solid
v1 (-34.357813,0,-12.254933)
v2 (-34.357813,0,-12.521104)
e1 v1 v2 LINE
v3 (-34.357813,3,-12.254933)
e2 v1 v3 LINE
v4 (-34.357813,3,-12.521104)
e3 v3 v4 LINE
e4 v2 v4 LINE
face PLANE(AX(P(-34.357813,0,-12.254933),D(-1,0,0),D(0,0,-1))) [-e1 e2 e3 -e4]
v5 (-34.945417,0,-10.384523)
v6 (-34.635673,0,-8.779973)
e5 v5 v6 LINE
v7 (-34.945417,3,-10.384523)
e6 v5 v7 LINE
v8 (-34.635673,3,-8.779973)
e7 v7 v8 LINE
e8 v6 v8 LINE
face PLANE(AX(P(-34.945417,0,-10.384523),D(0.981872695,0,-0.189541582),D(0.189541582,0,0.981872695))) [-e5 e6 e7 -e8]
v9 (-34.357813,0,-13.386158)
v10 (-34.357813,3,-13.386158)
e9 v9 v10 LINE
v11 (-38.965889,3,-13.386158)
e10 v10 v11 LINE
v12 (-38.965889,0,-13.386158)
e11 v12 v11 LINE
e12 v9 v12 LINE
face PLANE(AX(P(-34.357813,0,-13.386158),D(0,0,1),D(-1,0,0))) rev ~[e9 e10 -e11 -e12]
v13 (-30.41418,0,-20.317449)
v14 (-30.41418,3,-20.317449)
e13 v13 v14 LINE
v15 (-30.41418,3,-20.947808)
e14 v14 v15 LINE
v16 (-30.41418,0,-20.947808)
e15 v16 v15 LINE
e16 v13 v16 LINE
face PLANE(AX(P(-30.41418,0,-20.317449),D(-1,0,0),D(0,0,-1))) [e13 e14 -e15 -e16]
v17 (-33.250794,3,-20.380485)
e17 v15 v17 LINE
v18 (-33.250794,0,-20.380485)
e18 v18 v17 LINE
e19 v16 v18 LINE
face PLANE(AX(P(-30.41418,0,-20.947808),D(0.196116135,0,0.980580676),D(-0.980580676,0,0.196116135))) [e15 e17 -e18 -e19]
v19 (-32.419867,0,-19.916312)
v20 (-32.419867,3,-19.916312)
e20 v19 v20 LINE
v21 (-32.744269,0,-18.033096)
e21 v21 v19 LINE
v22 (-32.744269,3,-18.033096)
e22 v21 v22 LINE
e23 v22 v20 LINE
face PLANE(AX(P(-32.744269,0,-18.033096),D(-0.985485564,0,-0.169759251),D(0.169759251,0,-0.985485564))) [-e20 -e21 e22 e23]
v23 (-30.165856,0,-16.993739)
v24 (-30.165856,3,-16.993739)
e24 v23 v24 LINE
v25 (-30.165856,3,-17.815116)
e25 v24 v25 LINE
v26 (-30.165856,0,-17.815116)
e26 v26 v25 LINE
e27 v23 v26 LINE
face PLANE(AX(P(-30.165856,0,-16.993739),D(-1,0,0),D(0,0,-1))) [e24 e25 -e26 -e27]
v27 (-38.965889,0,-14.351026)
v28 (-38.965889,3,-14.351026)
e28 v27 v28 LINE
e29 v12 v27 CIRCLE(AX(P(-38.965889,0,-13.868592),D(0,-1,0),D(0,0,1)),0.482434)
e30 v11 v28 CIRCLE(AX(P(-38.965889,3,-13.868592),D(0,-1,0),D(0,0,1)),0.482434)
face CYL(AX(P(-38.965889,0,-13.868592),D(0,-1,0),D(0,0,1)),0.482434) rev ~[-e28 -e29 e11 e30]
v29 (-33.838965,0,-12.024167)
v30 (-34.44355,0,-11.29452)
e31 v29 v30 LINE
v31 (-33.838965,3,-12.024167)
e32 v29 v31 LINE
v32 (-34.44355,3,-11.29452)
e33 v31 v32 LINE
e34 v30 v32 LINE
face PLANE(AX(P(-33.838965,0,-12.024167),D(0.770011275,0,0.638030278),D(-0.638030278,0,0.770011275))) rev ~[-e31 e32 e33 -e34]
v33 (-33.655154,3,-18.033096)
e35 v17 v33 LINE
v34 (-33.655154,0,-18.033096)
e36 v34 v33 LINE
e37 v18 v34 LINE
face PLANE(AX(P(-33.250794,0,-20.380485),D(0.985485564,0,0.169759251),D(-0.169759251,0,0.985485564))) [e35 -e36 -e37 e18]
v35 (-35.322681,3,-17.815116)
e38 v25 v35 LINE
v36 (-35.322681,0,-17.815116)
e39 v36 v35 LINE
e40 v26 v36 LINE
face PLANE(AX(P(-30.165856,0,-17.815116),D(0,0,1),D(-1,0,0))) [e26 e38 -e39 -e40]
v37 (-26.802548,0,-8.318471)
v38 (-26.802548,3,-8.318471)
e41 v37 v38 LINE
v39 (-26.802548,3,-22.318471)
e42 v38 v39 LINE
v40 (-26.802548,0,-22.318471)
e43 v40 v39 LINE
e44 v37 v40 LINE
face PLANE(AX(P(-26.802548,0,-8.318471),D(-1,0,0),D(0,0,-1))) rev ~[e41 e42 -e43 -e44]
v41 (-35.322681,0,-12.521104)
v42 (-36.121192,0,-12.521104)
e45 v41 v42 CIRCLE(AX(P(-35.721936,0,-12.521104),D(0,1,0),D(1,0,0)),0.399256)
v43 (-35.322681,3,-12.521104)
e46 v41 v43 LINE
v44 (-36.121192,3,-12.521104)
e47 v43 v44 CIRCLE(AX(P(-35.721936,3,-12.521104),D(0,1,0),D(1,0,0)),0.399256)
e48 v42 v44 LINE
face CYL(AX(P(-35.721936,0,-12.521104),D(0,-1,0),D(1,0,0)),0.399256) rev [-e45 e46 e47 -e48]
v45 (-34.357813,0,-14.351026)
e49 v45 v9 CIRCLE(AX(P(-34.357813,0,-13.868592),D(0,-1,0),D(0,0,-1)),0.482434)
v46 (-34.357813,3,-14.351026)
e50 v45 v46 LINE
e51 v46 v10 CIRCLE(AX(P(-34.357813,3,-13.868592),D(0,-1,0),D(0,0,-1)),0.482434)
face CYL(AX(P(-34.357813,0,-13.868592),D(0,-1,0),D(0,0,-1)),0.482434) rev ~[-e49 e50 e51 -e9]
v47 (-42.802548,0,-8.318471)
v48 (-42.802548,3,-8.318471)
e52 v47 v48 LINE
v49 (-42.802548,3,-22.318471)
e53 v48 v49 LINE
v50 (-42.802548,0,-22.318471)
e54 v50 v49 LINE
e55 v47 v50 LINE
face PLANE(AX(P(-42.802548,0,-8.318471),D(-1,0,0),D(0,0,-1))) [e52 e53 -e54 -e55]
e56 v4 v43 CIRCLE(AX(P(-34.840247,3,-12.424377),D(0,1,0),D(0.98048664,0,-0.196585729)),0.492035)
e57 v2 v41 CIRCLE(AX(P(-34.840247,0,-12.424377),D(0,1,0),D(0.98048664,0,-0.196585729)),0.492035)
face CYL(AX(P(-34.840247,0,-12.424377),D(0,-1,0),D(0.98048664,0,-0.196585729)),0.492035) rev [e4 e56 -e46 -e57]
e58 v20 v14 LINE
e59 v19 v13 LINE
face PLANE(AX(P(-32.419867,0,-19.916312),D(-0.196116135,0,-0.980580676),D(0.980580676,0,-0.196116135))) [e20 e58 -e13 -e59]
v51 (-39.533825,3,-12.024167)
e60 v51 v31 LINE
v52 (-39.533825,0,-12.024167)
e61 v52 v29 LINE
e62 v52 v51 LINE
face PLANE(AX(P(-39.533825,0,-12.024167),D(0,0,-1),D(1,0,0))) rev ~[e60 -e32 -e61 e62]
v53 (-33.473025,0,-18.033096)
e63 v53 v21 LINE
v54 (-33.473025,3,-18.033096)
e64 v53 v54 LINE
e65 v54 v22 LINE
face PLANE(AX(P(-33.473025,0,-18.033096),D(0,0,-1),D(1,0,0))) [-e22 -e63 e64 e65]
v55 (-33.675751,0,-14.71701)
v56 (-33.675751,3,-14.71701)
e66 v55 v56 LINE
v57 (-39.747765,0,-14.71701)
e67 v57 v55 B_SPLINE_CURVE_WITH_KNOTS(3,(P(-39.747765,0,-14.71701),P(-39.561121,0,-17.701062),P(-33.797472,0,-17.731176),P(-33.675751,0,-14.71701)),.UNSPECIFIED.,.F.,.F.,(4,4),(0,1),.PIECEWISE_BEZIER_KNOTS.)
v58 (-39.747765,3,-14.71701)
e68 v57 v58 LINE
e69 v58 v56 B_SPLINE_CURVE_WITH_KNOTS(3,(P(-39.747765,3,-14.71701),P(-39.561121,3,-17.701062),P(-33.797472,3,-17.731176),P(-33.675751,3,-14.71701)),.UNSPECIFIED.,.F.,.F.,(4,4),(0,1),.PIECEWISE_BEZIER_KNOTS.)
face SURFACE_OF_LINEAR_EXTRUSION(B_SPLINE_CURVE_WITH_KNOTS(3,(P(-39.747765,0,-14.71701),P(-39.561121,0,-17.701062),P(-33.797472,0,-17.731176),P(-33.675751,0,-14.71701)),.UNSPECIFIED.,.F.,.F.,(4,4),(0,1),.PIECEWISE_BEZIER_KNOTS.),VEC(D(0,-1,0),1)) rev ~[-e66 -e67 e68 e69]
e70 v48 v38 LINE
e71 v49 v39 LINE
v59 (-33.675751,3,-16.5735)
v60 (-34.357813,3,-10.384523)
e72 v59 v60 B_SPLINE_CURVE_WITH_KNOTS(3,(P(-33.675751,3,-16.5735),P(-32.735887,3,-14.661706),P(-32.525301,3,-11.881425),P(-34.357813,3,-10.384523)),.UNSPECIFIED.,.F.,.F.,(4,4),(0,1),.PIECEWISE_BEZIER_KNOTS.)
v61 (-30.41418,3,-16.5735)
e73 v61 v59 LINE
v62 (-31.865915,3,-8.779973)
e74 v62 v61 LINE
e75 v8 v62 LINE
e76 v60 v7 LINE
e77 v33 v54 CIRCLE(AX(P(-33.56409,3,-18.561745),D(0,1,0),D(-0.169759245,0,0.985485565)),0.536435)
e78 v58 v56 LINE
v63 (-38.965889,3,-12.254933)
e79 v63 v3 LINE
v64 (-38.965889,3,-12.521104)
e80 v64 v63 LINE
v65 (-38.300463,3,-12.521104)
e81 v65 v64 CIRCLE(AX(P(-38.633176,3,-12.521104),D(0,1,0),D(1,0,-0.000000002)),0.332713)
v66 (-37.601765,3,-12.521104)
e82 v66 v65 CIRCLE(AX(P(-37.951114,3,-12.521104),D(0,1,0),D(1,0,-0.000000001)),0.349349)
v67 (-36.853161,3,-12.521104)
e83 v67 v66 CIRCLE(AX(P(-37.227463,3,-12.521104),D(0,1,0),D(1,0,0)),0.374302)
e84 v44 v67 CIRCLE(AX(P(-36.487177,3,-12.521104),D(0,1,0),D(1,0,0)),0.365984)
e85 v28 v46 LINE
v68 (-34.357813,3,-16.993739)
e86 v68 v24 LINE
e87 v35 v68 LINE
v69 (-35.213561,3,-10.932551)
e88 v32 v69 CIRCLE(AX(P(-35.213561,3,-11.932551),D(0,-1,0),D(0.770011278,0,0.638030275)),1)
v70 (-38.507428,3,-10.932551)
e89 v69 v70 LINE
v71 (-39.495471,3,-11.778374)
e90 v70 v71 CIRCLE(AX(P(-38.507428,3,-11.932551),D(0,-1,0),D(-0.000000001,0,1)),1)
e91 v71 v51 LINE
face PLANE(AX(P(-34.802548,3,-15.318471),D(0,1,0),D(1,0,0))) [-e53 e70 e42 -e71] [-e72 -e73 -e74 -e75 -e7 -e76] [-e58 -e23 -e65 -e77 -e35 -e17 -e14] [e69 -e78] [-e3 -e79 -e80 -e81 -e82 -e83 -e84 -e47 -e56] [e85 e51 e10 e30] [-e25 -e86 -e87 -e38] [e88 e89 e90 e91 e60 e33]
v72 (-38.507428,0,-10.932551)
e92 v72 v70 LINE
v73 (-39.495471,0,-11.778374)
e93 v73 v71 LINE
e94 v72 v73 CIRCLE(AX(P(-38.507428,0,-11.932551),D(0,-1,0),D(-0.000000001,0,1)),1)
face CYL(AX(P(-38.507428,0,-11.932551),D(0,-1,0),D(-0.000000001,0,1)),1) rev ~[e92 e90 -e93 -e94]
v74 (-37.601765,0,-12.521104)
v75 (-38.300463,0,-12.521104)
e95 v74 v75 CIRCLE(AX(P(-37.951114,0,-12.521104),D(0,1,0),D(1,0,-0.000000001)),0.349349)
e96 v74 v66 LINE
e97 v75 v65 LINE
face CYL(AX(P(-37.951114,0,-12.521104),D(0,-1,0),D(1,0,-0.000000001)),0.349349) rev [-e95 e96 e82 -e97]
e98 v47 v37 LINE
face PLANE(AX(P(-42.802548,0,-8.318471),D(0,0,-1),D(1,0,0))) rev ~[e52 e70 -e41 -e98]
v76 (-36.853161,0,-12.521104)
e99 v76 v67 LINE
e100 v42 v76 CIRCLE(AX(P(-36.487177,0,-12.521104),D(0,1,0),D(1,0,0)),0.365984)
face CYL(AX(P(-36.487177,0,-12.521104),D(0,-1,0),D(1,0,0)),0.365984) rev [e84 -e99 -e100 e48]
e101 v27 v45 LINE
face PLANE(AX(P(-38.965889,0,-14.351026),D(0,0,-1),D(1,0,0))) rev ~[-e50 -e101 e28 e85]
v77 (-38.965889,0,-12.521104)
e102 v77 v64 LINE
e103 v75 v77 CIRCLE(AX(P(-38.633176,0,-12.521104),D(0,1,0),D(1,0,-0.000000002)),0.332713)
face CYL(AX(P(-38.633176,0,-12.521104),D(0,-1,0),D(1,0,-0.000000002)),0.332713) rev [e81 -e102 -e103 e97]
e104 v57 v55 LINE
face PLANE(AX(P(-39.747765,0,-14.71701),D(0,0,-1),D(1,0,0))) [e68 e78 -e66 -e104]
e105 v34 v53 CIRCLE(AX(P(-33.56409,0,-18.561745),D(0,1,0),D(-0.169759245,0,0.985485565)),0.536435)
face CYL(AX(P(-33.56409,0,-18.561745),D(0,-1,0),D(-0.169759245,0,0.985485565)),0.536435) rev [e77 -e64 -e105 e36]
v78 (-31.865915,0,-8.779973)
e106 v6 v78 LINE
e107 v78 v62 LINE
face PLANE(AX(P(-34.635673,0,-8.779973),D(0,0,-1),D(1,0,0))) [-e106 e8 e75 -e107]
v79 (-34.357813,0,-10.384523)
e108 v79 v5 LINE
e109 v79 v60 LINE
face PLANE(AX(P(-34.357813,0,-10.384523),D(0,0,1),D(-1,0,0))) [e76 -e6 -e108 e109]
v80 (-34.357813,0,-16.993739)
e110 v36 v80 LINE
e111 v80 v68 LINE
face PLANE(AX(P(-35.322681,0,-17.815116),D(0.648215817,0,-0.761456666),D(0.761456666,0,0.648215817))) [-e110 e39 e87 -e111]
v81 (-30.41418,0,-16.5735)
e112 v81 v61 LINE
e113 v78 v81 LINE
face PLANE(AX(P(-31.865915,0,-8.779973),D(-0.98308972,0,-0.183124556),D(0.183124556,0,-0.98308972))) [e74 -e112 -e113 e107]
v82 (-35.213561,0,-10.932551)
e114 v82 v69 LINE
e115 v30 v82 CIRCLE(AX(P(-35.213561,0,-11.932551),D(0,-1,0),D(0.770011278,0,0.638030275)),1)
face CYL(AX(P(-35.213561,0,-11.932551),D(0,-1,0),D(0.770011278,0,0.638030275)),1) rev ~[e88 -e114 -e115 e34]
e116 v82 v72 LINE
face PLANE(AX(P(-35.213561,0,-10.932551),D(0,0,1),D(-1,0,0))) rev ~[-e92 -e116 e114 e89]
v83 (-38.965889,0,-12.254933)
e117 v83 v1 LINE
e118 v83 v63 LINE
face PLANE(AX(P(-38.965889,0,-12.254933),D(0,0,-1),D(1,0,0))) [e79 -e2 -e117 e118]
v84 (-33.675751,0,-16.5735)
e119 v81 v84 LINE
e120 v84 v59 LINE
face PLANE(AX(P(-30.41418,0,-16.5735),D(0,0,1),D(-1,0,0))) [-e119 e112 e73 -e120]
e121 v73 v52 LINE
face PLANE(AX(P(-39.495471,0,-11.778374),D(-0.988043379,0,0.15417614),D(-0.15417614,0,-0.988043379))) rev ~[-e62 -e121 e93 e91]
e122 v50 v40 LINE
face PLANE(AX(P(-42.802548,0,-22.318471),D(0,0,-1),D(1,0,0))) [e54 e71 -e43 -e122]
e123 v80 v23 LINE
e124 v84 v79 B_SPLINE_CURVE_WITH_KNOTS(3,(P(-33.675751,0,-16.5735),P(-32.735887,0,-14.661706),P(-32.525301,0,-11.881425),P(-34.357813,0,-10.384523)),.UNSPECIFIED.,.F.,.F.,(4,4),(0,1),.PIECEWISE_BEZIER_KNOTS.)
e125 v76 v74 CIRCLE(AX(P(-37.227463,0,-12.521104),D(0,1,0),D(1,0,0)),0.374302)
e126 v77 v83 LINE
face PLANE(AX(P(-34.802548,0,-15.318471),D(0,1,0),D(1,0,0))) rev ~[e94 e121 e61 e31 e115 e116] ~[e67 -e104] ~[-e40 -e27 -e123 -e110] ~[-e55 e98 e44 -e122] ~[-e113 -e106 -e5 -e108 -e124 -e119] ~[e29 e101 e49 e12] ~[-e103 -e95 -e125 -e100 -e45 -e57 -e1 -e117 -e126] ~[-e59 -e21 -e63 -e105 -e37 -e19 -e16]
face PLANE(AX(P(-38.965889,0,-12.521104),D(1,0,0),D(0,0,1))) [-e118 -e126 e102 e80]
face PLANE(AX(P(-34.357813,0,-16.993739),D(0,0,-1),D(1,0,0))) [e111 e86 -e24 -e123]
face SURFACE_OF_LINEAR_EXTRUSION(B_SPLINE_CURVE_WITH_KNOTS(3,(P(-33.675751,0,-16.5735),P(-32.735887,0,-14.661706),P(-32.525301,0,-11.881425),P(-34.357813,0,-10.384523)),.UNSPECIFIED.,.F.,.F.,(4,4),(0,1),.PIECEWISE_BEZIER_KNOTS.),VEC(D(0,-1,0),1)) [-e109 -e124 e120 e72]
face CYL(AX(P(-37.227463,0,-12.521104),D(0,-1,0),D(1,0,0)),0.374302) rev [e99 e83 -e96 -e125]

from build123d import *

# Parameters (mm, degrees)
SKETCH1_W           = 16
SKETCH1_H           = 14
BOSS_EXTRUDE1_DEPTH = 3


with BuildPart() as part:
    # Sketch1 → Boss-Extrude1 (new body)
    with BuildSketch(Plane(origin=(0, 0, 0), x_dir=(1, 0, 0), z_dir=(0, 1, 0))):
        with Locations((-34.802547771, 15.318471338)):
            Rectangle(SKETCH1_W, SKETCH1_H)
        with BuildLine():
            Line((-39.747765047, 14.717010334), (-33.675750706, 14.717010334))
            add(Edge.make_bspline(
                [(-39.747765047, 14.717010334), (-39.561120933, 17.701061711), (-33.79747245, 17.731175732), (-33.675750706, 14.717010334)],
                knots=[0, 0, 0, 0, 1, 1, 1, 1], degree=3))
        make_face(mode=Mode.SUBTRACT)
        with BuildLine():
            Line((-38.965889228, 14.351025908), (-34.357812591, 14.351025908))
            ThreePointArc((-34.357812591, 14.351025908), (-33.875378575, 13.868591892), (-34.357812591, 13.386157876))
            Line((-34.357812591, 13.386157876), (-38.965889228, 13.386157876))
            ThreePointArc((-38.965889228, 13.386157876), (-39.448323244, 13.868591892), (-38.965889228, 14.351025908))
        make_face(mode=Mode.SUBTRACT)
        with BuildLine():
            Line((-39.533825085, 12.024167234), (-33.838965327, 12.024167234))
            Line((-33.838965327, 12.024167234), (-34.443549741, 11.294520332))
            ThreePointArc((-34.443549741, 11.294520332), (-34.788137861, 11.027556057), (-35.213561017, 10.932550609))
            Line((-35.213561017, 10.932550609), (-38.507427743, 10.932550609))
            ThreePointArc((-38.507427743, 10.932550609), (-39.157744536, 11.172887481), (-39.495471122, 11.778374472))
            Line((-39.495471122, 11.778374472), (-39.533825085, 12.024167234))
        make_face(mode=Mode.SUBTRACT)
        with BuildLine():
            Line((-38.965889228, 12.521103778), (-38.965889228, 12.254933286))
            Line((-38.965889228, 12.254933286), (-34.357812591, 12.254933286))
            Line((-34.357812591, 12.254933286), (-34.357812591, 12.521103778))
            ThreePointArc((-34.357812591, 12.521103778), (-34.840246607, 12.916411942), (-35.322680624, 12.521103778))
            ThreePointArc((-35.322680624, 12.521103778), (-35.721936361, 12.920359515), (-36.121192098, 12.521103778))
            ThreePointArc((-36.121192098, 12.521103778), (-36.487176524, 12.887088204), (-36.85316095, 12.521103778))
            ThreePointArc((-36.85316095, 12.521103778), (-37.227463204, 12.895406032), (-37.601765458, 12.521103778))
            ThreePointArc((-37.601765458, 12.521103778), (-37.951114229, 12.870452548), (-38.300462999, 12.521103778))
            ThreePointArc((-38.300462999, 12.521103778), (-38.633176113, 12.853816892), (-38.965889228, 12.521103778))
        make_face(mode=Mode.SUBTRACT)
        with BuildLine():
            Line((-34.945417172, 10.384522547), (-34.635673461, 8.779972828))
            Line((-34.635673461, 8.779972828), (-31.865915017, 8.779972828))
            Line((-31.865915017, 8.779972828), (-30.414179557, 16.573500036))
            Line((-30.414179557, 16.573500036), (-33.675750706, 16.573500036))
            add(Edge.make_bspline(
                [(-33.675750706, 16.573500036), (-32.735887192, 14.661705952), (-32.525301104, 11.881425098), (-34.357812591, 10.384522547)],
                knots=[0, 0, 0, 0, 1, 1, 1, 1], degree=3))
            Line((-34.357812591, 10.384522547), (-34.945417172, 10.384522547))
        make_face(mode=Mode.SUBTRACT)
        Polygon((-34.357812591, 16.993739248), (-30.165856386, 16.993739248), (-30.165856386, 17.815115891), (-35.322680624, 17.815115891), align=None, mode=Mode.SUBTRACT)
        with BuildLine():
            Line((-33.473024699, 18.033096236), (-32.744268505, 18.033096236))
            Line((-32.744268505, 18.033096236), (-32.419866706, 19.916311952))
            Line((-32.419866706, 19.916311952), (-30.414179557, 20.317449381))
            Line((-30.414179557, 20.317449381), (-30.414179557, 20.9478082))
            Line((-30.414179557, 20.9478082), (-33.250794239, 20.380485263))
            Line((-33.250794239, 20.380485263), (-33.655154301, 18.033096236))
            ThreePointArc((-33.655154301, 18.033096236), (-33.5640895, 18.025310185), (-33.473024699, 18.033096236))
        make_face(mode=Mode.SUBTRACT)
    extrude(amount=BOSS_EXTRUDE1_DEPTH)


solid = part.part
